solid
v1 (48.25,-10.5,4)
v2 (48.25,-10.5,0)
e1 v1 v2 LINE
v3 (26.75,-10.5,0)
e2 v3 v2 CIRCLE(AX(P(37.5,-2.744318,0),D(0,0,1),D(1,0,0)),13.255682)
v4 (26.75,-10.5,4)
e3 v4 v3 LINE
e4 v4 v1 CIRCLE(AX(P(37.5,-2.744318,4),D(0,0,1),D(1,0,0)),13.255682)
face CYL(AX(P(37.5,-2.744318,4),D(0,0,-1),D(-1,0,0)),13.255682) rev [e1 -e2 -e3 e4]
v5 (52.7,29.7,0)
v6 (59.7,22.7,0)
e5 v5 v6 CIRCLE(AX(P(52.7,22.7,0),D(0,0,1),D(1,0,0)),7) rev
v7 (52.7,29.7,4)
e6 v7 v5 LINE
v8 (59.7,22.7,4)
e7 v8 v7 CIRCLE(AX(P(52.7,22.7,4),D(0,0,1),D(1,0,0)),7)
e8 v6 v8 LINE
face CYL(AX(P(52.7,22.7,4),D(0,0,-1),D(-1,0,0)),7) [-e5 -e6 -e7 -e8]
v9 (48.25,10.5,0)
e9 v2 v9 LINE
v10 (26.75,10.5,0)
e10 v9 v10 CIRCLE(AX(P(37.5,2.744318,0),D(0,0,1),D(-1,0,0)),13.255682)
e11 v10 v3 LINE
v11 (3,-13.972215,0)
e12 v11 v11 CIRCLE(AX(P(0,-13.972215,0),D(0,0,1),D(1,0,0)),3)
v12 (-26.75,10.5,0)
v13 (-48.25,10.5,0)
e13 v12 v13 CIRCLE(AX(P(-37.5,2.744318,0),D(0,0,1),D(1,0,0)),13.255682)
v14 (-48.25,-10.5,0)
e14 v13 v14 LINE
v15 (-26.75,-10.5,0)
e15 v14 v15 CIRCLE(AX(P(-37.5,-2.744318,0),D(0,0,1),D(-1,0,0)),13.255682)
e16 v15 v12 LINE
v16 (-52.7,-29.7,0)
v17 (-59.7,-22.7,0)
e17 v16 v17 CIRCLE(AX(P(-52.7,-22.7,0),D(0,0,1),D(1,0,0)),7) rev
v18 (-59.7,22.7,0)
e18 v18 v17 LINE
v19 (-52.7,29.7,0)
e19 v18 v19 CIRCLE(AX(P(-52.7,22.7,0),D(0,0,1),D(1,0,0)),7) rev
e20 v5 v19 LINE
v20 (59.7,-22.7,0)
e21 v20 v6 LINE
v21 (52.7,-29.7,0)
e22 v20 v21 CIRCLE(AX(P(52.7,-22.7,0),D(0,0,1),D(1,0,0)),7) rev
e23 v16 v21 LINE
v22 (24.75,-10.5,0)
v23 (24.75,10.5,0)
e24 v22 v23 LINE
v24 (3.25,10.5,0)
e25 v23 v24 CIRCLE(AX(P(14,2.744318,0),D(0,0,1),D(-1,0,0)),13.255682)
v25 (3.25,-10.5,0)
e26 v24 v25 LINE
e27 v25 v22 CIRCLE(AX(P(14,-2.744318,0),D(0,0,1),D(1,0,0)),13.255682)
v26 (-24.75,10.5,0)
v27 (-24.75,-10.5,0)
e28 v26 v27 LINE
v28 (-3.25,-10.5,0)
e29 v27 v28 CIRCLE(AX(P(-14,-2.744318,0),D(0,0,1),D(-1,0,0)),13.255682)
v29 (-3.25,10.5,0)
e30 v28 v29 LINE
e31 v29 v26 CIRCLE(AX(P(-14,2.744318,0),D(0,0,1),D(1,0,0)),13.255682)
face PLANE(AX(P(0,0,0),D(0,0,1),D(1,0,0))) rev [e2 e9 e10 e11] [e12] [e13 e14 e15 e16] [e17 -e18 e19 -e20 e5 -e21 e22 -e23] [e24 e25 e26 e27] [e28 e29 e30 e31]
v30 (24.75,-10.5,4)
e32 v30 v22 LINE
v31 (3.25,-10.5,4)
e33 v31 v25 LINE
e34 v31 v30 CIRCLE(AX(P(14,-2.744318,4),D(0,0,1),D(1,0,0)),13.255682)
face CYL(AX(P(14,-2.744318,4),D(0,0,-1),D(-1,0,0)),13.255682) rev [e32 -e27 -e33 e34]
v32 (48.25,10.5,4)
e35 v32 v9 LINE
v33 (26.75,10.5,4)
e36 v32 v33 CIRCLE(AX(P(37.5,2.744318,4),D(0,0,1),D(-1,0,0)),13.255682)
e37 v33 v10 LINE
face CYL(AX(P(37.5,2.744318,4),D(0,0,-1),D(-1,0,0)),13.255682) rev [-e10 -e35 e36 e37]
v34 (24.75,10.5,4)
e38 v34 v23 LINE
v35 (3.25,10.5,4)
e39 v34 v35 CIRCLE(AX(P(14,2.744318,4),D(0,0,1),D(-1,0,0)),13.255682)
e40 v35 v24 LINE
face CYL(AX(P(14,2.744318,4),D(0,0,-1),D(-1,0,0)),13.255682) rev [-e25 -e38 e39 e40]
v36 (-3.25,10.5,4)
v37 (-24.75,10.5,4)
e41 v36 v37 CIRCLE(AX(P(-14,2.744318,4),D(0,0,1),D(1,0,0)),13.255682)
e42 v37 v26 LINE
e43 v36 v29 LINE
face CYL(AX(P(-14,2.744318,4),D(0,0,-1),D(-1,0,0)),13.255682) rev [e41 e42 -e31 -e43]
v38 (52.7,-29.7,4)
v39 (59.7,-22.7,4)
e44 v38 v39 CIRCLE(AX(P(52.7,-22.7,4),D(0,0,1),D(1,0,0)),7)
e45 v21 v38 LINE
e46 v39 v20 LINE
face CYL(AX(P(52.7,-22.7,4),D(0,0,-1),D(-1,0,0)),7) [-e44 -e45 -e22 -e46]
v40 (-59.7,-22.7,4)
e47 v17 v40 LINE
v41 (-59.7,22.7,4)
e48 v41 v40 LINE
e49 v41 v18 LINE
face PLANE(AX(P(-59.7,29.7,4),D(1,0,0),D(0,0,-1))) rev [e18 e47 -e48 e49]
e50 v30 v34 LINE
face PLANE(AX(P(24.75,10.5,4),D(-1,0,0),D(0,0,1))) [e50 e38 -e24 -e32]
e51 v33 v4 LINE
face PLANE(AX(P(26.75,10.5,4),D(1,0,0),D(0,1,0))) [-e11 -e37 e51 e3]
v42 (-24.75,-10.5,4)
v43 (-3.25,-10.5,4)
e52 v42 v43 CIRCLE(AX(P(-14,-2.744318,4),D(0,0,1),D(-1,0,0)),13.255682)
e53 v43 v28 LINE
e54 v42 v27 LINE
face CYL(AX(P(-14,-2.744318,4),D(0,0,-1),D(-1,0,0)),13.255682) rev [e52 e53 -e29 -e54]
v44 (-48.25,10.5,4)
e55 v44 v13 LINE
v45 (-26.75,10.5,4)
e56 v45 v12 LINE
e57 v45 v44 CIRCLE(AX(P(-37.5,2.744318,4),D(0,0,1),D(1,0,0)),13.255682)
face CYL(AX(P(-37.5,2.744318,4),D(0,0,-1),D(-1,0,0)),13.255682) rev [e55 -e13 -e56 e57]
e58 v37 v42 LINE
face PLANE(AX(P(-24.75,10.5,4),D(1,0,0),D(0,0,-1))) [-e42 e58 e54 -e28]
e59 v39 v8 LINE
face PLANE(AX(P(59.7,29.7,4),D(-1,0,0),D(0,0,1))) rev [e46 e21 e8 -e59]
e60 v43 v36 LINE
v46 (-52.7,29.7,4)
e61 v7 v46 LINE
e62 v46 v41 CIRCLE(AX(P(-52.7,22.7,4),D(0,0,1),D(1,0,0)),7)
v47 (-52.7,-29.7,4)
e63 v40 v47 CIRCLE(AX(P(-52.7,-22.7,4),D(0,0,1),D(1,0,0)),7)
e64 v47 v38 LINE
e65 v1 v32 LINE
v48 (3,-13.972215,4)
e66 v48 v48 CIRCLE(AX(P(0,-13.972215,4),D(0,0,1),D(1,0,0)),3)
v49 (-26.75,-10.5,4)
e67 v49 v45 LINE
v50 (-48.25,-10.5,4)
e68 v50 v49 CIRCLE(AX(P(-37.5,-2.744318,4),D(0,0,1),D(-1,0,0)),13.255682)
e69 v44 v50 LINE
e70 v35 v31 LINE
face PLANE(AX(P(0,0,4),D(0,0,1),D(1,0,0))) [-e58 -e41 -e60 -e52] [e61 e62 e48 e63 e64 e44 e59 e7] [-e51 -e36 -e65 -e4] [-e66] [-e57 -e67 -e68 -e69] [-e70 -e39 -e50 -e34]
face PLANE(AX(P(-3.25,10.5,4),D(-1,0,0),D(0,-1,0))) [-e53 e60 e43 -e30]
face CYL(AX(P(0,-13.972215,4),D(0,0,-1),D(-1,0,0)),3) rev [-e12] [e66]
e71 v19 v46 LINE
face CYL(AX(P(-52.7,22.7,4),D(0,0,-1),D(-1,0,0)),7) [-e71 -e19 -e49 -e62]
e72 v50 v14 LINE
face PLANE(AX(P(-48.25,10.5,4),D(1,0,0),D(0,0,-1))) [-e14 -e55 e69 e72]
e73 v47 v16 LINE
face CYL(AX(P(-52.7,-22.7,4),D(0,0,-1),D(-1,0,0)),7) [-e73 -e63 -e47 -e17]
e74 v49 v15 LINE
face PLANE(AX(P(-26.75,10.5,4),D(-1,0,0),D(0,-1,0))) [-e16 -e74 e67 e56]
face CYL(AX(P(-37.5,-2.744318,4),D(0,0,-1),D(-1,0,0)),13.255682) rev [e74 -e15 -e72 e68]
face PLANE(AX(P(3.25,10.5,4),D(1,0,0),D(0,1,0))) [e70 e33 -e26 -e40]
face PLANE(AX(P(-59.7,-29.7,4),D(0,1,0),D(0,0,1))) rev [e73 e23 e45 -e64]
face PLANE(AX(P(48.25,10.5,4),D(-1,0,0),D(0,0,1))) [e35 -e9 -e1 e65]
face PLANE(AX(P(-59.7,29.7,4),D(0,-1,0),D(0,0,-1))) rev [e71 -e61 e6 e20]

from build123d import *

# Parameters (mm, degrees)
SKETCH_1_W      = 119.4
SKETCH_1_H      = 59.4
SKETCH_1_R      = 3
EXTRUDE_1_DEPTH = 4
FILLET_1_R      = 7


with BuildPart() as part:
    # Эскиз1 → Бобышка-Вытянуть1 (new body)
    with BuildSketch(Plane.XY):
        Rectangle(SKETCH_1_W, SKETCH_1_H)
        with Locations((0, -13.97221548)):
            Circle(SKETCH_1_R, mode=Mode.SUBTRACT)
        with BuildLine():
            Line((3.25, 10.5), (3.25, -10.5))
            ThreePointArc((3.25, -10.5), (14, -16), (24.75, -10.5))
            Line((24.75, -10.5), (24.75, 10.5))
            ThreePointArc((24.75, 10.5), (14, 16), (3.25, 10.5))
        make_face(mode=Mode.SUBTRACT)
        with BuildLine():
            Line((48.25, 10.5), (48.25, -10.5))
            ThreePointArc((48.25, -10.5), (37.5, -16), (26.75, -10.5))
            Line((26.75, -10.5), (26.75, 10.5))
            ThreePointArc((26.75, 10.5), (37.5, 16), (48.25, 10.5))
        make_face(mode=Mode.SUBTRACT)
        with BuildLine():
            Line((-26.75, 10.5), (-26.75, -10.5))
            ThreePointArc((-26.75, -10.5), (-37.5, -16), (-48.25, -10.5))
            Line((-48.25, -10.5), (-48.25, 10.5))
            ThreePointArc((-48.25, 10.5), (-37.5, 16), (-26.75, 10.5))
        make_face(mode=Mode.SUBTRACT)
        with BuildLine():
            Line((-3.25, 10.5), (-3.25, -10.5))
            ThreePointArc((-3.25, -10.5), (-14, -16), (-24.75, -10.5))
            Line((-24.75, -10.5), (-24.75, 10.5))
            ThreePointArc((-24.75, 10.5), (-14, 16), (-3.25, 10.5))
        make_face(mode=Mode.SUBTRACT)
    extrude(amount=EXTRUDE_1_DEPTH)

    # Скругление1
    fillet_1_edges = [part.edges().sort_by_distance(p)[0] for p in [
        (59.7, -29.7, 2),
        (-59.7, -29.7, 2),
        (-59.7, 29.7, 2),
        (59.7, 29.7, 2),
    ]]
    fillet(fillet_1_edges, radius=FILLET_1_R)


solid = part.part
